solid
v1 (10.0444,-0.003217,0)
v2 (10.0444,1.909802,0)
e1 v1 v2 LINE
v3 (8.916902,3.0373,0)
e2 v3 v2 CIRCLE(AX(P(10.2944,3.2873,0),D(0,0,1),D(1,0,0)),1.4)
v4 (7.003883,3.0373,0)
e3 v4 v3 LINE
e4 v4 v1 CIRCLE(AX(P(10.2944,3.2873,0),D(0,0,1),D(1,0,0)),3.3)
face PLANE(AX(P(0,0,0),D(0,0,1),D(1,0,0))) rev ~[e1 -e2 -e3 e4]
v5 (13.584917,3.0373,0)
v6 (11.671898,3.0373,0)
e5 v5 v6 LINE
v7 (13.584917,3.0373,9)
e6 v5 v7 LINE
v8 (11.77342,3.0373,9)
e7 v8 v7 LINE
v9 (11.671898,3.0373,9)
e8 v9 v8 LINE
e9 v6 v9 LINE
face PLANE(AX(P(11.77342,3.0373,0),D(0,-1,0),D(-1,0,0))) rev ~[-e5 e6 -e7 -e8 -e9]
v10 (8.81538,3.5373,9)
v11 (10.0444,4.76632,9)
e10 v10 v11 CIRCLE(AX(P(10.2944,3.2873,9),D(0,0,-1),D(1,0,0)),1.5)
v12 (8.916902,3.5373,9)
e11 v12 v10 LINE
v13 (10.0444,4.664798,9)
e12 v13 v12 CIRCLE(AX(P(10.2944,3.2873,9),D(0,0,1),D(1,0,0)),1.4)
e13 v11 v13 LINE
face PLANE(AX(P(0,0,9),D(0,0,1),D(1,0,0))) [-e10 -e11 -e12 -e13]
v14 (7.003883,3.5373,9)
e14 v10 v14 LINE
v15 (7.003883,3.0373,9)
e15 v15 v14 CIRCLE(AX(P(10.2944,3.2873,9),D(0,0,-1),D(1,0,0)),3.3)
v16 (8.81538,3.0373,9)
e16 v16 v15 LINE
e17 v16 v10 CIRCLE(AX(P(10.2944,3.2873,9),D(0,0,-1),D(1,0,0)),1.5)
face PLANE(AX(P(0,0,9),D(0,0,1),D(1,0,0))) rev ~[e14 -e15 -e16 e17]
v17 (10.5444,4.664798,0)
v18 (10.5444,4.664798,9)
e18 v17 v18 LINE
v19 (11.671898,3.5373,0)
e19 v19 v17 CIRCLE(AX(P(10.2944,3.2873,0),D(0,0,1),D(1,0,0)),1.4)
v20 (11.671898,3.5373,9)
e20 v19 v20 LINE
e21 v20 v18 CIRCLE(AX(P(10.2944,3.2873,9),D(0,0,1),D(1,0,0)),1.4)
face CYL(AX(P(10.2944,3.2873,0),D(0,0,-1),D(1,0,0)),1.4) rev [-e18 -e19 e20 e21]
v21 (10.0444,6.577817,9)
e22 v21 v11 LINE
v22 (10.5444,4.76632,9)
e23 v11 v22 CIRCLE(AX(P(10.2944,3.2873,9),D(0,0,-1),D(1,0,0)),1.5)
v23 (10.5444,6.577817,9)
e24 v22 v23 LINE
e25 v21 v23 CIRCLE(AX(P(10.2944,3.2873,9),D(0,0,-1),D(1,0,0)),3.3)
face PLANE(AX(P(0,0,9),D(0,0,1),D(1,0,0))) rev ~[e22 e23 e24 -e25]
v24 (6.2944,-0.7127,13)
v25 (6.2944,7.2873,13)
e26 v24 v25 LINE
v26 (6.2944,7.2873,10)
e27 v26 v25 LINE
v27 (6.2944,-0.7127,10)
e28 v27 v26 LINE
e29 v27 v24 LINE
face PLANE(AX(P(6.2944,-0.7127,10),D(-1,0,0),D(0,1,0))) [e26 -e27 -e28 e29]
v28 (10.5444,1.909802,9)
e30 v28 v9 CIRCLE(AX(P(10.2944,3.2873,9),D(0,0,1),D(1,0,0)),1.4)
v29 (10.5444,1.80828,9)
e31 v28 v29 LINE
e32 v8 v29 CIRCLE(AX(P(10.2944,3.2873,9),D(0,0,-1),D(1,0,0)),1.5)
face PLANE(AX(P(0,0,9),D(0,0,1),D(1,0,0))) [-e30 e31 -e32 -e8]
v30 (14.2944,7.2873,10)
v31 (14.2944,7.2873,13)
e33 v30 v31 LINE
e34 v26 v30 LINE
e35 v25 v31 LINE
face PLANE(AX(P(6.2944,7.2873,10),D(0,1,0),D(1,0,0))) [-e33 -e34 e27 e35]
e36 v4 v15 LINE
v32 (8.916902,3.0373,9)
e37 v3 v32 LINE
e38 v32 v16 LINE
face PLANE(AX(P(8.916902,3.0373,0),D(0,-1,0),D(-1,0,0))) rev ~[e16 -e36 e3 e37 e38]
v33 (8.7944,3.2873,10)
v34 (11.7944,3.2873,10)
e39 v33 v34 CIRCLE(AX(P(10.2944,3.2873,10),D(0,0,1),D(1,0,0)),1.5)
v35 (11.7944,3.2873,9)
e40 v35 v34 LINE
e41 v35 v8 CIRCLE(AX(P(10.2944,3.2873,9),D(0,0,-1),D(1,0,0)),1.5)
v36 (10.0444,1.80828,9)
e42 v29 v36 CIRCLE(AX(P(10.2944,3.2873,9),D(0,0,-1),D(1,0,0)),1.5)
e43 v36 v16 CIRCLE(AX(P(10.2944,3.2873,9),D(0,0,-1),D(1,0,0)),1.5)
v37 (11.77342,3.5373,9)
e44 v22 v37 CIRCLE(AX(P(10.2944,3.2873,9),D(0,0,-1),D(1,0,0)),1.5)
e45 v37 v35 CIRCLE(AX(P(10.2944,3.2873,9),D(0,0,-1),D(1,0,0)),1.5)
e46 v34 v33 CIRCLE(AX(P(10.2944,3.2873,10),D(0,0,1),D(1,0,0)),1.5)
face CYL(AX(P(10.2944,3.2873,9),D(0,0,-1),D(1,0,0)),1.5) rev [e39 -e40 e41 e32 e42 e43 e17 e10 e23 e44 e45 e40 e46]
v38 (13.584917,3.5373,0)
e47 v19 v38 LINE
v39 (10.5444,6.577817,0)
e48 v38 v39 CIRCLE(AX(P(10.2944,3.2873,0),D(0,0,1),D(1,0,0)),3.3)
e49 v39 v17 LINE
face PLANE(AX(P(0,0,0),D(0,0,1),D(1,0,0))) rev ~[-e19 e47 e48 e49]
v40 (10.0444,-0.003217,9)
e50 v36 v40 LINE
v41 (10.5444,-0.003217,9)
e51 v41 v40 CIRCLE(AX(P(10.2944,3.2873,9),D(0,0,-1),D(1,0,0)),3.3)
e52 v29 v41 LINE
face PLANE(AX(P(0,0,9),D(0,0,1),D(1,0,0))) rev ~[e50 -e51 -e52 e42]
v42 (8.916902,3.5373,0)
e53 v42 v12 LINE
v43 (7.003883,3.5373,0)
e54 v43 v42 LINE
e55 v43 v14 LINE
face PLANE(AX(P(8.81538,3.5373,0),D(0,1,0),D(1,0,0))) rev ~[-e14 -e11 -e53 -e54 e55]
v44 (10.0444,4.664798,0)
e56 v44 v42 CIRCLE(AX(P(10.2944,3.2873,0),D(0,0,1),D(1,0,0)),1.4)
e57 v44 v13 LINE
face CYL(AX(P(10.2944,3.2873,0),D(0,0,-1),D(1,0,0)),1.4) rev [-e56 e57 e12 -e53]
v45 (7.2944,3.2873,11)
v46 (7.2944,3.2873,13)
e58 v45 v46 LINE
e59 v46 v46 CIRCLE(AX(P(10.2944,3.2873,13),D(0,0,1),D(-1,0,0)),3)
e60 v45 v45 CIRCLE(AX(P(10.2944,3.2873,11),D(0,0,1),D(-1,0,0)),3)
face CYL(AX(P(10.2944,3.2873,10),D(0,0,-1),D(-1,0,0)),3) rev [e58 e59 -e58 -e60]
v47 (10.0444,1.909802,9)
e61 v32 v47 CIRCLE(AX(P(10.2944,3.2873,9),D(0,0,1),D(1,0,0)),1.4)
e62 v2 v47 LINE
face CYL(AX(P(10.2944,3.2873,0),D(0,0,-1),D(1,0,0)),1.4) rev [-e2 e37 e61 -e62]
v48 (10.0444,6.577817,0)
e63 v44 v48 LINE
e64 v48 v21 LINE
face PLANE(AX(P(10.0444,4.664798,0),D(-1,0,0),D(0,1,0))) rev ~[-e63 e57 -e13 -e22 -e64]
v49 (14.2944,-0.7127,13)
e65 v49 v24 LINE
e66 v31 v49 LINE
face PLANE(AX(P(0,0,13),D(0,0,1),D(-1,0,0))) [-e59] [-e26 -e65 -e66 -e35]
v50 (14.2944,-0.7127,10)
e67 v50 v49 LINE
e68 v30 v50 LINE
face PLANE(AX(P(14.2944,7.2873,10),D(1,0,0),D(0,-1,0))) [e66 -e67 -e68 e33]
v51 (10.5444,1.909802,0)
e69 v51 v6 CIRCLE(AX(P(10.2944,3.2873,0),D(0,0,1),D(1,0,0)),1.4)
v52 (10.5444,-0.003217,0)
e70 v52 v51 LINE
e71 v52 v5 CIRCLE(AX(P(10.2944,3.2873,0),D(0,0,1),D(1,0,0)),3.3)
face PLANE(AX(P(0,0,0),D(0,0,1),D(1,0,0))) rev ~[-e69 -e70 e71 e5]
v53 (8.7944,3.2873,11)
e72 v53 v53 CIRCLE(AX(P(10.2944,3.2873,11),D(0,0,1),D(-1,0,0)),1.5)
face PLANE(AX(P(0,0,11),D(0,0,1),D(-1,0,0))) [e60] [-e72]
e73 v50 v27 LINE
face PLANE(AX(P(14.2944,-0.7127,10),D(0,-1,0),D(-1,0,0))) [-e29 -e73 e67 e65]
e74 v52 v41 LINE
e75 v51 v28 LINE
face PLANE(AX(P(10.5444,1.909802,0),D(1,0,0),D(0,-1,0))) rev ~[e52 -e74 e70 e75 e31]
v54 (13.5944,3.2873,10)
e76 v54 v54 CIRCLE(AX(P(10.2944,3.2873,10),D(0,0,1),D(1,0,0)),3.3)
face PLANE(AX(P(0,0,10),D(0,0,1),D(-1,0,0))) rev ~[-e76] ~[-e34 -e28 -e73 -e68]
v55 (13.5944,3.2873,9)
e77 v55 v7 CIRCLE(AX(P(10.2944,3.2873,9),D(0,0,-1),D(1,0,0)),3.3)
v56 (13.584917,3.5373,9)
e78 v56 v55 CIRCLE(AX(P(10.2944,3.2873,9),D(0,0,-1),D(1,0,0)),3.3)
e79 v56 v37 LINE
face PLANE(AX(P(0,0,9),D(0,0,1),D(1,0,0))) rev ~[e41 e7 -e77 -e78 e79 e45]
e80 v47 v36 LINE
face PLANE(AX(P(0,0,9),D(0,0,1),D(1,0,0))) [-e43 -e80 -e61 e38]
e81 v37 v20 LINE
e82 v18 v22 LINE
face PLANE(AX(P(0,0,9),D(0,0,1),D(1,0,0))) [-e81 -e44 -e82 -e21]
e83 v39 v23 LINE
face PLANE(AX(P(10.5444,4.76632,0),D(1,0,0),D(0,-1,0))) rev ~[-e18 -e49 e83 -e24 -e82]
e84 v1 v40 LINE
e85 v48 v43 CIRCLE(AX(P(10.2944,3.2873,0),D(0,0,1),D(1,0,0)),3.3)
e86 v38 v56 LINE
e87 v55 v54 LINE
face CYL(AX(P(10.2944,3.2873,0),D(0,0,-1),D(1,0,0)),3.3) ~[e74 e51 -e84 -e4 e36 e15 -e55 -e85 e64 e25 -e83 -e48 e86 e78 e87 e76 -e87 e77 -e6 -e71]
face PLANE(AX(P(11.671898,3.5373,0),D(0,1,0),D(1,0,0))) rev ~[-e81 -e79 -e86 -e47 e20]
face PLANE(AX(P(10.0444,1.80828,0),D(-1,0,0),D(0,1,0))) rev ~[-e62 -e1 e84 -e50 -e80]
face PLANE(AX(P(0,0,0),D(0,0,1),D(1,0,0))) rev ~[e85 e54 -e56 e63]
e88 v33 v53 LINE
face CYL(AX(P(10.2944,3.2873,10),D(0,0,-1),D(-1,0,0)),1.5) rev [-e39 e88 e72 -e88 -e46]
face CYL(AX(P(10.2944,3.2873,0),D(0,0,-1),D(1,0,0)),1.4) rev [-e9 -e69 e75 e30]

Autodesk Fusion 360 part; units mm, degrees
sketch "Schizzo1" plane through (0, 0, 0) normal (0, 0, 1) x (1, 0, 0)
  circle A0 centre (10.2944, 3.2873) radius 1.4
  circle A1 centre (10.2944, 3.2873) radius 3.3
  line L0 (13.5944, 3.0373) -> (6.9944, 3.0373)
  line L1 (6.9944, 3.0373) -> (6.9944, 3.5373)
  line L2 (6.9944, 3.5373) -> (13.5944, 3.5373)
  line L3 (13.5944, 3.5373) -> (13.5944, 3.0373)
  line L4 (13.5944, 3.0373) -> (6.9944, 3.5373) construction
  line L5 (6.9944, 3.0373) -> (13.5944, 3.5373) construction
  line L6 (10.5444, -0.0127) -> (10.0444, -0.0127)
  line L7 (10.0444, -0.0127) -> (10.0444, 6.5873)
  line L8 (10.0444, 6.5873) -> (10.5444, 6.5873)
  line L9 (10.5444, 6.5873) -> (10.5444, -0.0127)
  line L10 (10.5444, -0.0127) -> (10.0444, 6.5873) construction
  line L11 (10.0444, -0.0127) -> (10.5444, 6.5873) construction
  circle A2 centre (10.2944, 3.2873) radius 1.5
  point P0 (10.2944, 3.2873)
  point P1 (10.2944, 3.2873)
  dimension "d1" = 2.8
  dimension "d2" = 6.6
  dimension "d3" = 0.5
  dimension "d4" = 0.5
  dimension "d16" = 3
extrude "Estrusione1" add sketch "Schizzo1" along normal blind 9 contours A0 L2 L9 A2 | A0 L0 L9 A2 | A1 L2 L9 A2 | A1 L0 L9 A2 | A0 L2 L7 A2 | A0 L0 L7 A2 | A1 L2 L7 A2 | A1 L0 L7 A2 makes body 1 at (7.1541, 4.3014, 6) makes body 2 at (7.5637, 1.4344, 6) makes body 3 at (12.397, 5.8308, 6) makes body 4 at (13.3249, 1.9811, 6)
extrude "Estrusione2" add sketch "Schizzo1" along normal blind 1 from surface at 9 contours A1 L2 L9 A2 | A1 L0 L2 A2 | A1 L0 L9 A2 | A1 L7 L9 A2 | A1 L7 L9 A2 | A1 L2 L7 A2 | A1 L0 L7 A2 | A1 L0 L2 A2 bodies 1 2 3 4
sketch "Schizzo2" plane through (0, 0, 10) normal (0, 0, 1) x (-1, 0, 0)
  circle A0 centre (-10.2944, -3.2873) radius 3.3
  line L0 (-14.2944, 0.7127) -> (-6.2944, 0.7127)
  line L1 (-6.2944, 0.7127) -> (-6.2944, -7.2873)
  line L2 (-6.2944, -7.2873) -> (-14.2944, -7.2873)
  line L3 (-14.2944, -7.2873) -> (-14.2944, 0.7127)
  line L4 (-14.2944, 0.7127) -> (-6.2944, -7.2873) construction
  line L5 (-6.2944, 0.7127) -> (-14.2944, -7.2873) construction
  circle A1 centre (-10.2944, -3.2873) radius 3
  circle A2 centre (-10.2944, -3.2873) radius 1.5
  point P0 (-10.2944, -3.2873)
  dimension "d10" = 8
  dimension "d11" = 8
  dimension "d13" = 6
extrude "Estrusione3" add sketch "Schizzo2" along normal blind 3 contours A0 | L0 L1 L2 L3 bodies 1
extrude "Estrusione4" add sketch "Schizzo2" along normal blind 1 contours A1 bodies 1
